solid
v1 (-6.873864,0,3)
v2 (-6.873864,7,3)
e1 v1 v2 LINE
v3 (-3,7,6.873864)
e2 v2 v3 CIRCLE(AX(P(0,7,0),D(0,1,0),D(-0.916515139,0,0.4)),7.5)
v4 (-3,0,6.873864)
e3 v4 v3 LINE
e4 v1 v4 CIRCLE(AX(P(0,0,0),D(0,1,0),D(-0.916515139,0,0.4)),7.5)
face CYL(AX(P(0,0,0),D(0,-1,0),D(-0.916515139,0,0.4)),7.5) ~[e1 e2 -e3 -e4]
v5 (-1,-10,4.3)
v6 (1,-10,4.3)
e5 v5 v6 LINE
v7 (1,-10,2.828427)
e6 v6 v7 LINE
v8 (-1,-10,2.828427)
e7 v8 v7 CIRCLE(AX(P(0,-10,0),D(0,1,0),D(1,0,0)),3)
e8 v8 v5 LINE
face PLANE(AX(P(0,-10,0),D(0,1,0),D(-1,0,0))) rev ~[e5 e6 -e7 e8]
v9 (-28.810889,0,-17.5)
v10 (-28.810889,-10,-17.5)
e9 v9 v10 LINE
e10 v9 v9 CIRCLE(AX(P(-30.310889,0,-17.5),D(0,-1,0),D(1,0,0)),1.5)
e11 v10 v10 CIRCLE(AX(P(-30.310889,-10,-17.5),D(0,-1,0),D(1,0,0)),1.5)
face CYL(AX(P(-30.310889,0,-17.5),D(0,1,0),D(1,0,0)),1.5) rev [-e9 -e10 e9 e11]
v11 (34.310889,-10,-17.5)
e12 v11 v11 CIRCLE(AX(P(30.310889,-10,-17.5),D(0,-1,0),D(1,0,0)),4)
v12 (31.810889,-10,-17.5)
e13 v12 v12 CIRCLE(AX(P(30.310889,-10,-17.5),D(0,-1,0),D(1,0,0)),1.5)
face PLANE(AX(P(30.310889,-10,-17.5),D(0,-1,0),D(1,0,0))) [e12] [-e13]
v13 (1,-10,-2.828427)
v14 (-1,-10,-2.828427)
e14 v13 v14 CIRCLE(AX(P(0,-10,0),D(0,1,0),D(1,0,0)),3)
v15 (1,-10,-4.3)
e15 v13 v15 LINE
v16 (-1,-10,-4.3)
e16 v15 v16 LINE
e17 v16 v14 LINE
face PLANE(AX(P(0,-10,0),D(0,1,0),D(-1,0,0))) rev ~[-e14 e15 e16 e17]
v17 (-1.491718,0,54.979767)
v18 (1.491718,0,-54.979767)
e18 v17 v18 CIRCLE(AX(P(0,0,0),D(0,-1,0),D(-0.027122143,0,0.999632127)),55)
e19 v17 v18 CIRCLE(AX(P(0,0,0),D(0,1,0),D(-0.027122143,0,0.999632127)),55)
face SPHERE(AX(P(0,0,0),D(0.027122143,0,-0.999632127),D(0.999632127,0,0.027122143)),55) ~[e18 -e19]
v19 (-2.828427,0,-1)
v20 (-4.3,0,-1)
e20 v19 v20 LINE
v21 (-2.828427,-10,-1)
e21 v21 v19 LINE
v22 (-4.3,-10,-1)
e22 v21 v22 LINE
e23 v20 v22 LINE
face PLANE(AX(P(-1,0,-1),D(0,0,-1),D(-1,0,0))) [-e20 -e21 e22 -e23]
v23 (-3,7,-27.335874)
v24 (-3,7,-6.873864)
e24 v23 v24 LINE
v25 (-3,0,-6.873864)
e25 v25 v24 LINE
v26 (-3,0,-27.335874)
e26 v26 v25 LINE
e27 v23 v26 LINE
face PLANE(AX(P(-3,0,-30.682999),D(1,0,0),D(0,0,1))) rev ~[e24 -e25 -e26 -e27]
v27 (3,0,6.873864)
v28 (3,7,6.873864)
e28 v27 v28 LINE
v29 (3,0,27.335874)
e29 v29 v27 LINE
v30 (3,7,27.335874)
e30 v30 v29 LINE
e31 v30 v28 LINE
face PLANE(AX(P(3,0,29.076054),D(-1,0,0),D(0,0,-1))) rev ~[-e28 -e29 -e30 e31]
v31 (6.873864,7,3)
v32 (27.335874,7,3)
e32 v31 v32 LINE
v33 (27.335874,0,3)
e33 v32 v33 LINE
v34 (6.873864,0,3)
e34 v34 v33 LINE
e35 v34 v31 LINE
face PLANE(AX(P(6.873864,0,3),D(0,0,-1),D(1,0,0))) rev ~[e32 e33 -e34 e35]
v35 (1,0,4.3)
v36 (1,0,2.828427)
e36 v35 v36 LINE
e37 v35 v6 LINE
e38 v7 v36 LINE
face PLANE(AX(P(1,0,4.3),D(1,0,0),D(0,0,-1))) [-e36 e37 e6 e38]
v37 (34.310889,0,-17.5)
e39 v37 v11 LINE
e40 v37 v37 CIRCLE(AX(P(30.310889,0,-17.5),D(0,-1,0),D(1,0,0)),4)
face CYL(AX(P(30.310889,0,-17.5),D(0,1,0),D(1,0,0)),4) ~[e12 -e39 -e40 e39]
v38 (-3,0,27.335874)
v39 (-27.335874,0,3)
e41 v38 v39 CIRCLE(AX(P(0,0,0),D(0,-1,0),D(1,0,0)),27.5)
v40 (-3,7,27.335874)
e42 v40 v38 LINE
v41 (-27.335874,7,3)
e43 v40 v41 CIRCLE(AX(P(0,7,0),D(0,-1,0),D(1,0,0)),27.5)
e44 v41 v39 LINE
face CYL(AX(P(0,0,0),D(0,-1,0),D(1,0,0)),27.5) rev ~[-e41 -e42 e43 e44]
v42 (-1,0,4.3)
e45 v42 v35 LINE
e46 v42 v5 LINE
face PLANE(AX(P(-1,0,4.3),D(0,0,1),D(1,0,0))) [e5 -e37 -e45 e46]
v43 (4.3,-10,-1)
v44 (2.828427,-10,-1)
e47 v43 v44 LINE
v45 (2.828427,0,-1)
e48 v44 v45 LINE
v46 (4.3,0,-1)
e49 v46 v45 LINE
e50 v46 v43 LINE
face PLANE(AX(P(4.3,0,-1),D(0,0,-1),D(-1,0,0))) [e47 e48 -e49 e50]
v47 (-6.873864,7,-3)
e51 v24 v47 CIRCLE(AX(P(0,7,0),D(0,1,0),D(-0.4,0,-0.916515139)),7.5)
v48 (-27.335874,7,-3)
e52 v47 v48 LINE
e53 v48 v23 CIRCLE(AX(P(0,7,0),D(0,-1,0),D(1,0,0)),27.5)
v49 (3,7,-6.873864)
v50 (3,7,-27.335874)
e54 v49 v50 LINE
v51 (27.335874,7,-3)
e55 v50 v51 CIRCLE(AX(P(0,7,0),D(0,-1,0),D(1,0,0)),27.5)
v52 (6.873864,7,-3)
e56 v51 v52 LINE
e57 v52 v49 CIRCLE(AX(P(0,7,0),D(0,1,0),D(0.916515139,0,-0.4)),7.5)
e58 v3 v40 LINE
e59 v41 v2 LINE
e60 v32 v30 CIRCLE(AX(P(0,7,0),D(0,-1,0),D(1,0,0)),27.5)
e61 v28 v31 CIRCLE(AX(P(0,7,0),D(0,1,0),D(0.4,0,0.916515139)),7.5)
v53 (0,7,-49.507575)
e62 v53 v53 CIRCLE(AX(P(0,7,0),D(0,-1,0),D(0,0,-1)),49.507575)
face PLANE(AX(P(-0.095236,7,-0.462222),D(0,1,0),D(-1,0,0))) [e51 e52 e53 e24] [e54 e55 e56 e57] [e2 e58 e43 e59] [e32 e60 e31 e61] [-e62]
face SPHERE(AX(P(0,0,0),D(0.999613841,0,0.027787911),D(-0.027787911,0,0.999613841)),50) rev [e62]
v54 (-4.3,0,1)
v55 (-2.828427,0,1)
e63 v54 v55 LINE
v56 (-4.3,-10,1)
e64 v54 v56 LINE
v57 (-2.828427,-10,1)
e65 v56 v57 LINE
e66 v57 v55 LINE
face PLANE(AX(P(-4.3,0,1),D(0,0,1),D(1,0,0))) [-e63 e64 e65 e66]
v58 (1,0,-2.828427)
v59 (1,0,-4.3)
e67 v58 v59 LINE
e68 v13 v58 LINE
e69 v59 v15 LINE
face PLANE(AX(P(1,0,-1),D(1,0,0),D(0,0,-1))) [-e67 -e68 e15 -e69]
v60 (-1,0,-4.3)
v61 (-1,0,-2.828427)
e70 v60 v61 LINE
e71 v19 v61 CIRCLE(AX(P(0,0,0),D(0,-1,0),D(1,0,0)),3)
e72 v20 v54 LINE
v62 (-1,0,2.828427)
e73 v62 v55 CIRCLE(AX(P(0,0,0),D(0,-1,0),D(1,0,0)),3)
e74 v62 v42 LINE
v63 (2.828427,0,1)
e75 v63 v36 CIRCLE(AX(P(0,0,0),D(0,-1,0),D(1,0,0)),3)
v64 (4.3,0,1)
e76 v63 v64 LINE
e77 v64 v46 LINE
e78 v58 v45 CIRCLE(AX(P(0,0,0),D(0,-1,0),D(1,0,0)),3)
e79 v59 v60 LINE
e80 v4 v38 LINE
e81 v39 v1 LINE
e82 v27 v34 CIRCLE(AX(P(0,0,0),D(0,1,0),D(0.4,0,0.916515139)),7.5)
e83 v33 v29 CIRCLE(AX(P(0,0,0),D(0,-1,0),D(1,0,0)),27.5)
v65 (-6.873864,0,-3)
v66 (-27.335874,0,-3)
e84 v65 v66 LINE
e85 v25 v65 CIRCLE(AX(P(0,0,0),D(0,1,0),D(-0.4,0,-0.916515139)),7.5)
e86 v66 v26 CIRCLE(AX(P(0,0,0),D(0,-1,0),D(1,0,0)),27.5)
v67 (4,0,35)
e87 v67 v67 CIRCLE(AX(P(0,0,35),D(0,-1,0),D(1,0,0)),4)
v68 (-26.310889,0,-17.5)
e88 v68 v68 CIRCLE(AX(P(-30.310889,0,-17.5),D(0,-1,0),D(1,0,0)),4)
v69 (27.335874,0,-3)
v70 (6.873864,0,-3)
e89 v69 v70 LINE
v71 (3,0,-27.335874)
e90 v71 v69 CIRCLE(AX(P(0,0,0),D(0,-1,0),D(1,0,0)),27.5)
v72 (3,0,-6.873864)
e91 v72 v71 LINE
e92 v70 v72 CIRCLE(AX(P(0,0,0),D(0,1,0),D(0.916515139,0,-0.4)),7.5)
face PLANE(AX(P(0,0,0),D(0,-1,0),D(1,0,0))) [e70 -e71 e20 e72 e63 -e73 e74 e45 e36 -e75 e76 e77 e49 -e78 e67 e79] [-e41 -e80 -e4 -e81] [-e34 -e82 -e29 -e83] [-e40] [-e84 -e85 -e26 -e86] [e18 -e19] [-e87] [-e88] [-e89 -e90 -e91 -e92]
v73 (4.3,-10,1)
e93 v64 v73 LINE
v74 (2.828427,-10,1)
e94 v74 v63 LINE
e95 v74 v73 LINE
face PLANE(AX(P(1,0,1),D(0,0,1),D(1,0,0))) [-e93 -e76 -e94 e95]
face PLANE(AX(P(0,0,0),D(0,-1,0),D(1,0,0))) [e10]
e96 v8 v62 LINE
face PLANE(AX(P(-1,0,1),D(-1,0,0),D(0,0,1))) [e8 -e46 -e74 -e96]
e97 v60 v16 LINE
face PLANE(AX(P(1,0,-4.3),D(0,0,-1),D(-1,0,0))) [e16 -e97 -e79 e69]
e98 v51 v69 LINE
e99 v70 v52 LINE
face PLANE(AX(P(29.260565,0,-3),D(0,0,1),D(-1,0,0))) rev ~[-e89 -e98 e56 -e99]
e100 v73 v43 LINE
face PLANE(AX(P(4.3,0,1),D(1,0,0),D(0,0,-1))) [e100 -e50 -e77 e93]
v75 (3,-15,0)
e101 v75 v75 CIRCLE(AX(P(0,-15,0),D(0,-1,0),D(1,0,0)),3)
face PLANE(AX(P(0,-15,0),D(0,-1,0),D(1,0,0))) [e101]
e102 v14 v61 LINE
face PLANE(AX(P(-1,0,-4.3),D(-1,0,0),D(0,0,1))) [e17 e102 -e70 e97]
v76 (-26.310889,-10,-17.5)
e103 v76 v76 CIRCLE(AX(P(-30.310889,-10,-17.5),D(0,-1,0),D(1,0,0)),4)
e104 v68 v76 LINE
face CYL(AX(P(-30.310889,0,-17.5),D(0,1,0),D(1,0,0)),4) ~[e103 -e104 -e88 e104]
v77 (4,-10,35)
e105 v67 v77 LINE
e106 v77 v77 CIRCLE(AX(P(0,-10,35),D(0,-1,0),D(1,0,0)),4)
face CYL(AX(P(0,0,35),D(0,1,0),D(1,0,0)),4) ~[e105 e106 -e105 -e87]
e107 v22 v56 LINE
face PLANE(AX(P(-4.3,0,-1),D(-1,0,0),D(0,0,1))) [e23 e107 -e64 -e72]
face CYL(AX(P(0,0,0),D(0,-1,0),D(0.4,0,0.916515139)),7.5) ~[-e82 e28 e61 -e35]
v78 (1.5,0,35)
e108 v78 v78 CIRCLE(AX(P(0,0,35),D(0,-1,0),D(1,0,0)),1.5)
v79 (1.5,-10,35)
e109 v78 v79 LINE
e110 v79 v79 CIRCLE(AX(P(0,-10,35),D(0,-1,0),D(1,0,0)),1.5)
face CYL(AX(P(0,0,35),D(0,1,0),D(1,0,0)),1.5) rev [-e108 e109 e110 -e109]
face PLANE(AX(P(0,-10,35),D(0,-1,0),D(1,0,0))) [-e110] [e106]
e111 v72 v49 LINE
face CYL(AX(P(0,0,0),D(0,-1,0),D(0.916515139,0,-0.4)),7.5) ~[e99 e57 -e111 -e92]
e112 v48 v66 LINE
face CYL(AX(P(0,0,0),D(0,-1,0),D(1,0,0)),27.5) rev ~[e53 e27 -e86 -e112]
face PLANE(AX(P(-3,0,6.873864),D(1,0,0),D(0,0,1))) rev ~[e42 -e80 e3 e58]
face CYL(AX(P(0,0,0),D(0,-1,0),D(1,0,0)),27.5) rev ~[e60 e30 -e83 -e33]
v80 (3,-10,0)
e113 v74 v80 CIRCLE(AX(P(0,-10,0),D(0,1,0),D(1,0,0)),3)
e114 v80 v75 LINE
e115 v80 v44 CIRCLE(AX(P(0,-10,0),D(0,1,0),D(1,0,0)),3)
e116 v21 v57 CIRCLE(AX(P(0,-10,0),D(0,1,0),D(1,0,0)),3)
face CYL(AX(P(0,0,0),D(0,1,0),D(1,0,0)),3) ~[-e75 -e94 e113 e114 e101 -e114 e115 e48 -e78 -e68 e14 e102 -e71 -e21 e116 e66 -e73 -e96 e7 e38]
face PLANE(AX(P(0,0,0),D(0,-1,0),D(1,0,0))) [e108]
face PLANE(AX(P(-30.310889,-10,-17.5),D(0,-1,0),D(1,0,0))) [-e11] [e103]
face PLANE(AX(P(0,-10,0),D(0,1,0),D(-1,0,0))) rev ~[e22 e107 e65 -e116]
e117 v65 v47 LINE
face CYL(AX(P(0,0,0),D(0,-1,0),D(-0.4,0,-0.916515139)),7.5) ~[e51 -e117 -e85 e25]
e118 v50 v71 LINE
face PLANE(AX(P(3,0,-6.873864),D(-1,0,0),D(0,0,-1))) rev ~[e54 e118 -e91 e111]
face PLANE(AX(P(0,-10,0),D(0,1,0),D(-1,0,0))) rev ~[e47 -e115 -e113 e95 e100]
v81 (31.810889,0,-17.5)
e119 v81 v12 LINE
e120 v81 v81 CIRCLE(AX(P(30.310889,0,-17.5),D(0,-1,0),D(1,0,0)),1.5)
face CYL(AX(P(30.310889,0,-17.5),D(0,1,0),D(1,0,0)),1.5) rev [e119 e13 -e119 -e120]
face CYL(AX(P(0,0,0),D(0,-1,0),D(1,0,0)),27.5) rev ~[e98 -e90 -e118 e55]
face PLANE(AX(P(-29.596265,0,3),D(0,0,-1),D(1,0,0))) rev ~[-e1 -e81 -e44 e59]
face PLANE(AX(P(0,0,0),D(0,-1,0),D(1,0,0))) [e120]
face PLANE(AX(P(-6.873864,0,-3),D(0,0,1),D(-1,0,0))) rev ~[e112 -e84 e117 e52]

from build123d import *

# Parameters (mm, degrees)
REVOLVE1_ANGLE      = 180
SKETCH4_R           = 50
BOSS_EXTRUDE1_DEPTH = 7
SKETCH5_R           = 4
SKETCH5_R_2         = 1.5
BOSS_EXTRUDE2_DEPTH = 10
SKETCH6_R           = 27.5
CUT_EXTRUDE1_DEPTH  = 10
BOSS_EXTRUDE3_DEPTH = 7
SKETCH8_R           = 3
BOSS_EXTRUDE4_DEPTH = 15
BOSS_EXTRUDE5_DEPTH = 10


with BuildPart() as part:
    # Sketch1 → Revolve1 (revolve)
    with BuildSketch(Plane(origin=(0, 0, 0), x_dir=(1, 0, 0), z_dir=(0, 1, 0))):
        with BuildLine():
            Line((1.491717845, 54.979766986), (-1.491717845, -54.979766986))
            ThreePointArc((-1.491717845, -54.979766986), (54.979766986, -1.491717845), (1.491717845, 54.979766986))
        make_face()
    revolve(axis=Axis((1.491717845, 0, -54.979766986), (-0.027122143, 0, 0.999632127)), revolution_arc=REVOLVE1_ANGLE)

    # Sketch2 → Cut-Revolve1 (revolve, cut)
    with BuildSketch(Plane.XZ):
        with BuildLine():
            Line((49.980692072, 1.389395568), (-49.980692072, -1.389395568))
            ThreePointArc((-49.980692072, -1.389395568), (-1.389395568, 49.980692072), (49.980692072, 1.389395568))
        make_face()
    revolve(axis=Axis((49.980692072, 0, 1.389395568), (-0.999613841, 0, -0.027787911)), mode=Mode.SUBTRACT)

    # Sketch4 → Boss-Extrude1 (add)
    with BuildSketch(Plane.XZ):
        Circle(SKETCH4_R)
    extrude(amount=-BOSS_EXTRUDE1_DEPTH)

    # Sketch5 → Boss-Extrude2 (add)
    with BuildSketch(Plane.XZ):
        with Locations((0, 35)):
            Circle(SKETCH5_R)
        with Locations((0, 35)):
            Circle(SKETCH5_R_2, mode=Mode.SUBTRACT)
        with Locations((30.310889132, -17.5)):
            Circle(SKETCH5_R)
        with Locations((30.310889132, -17.5)):
            Circle(SKETCH5_R_2, mode=Mode.SUBTRACT)
        with Locations((-30.310889132, -17.5)):
            Circle(SKETCH5_R)
        with Locations((-30.310889132, -17.5)):
            Circle(SKETCH5_R_2, mode=Mode.SUBTRACT)
    extrude(amount=BOSS_EXTRUDE2_DEPTH)

    # Sketch6 → Cut-Extrude1 (cut)
    with BuildSketch(Plane.XZ):
        Circle(SKETCH6_R)
    extrude(amount=-CUT_EXTRUDE1_DEPTH, mode=Mode.SUBTRACT)

    # Sketch7 → Boss-Extrude3 (add)
    with BuildSketch(Plane.XZ):
        with BuildLine():
            Line((-29.59626463, 3), (-6.873863542, 3))
            ThreePointArc((-6.873863542, 3), (-5.303300859, 5.303300859), (-3, 6.873863542))
            Line((-3, 6.873863542), (-3, 29.076054117))
            Line((-3, 29.076054117), (3, 29.076054117))
            Line((3, 29.076054117), (3, 6.873863542))
            ThreePointArc((3, 6.873863542), (5.303300859, 5.303300859), (6.873863542, 3))
            Line((6.873863542, 3), (29.260564873, 3))
            Line((29.260564873, 3), (29.260564873, -3))
            Line((29.260564873, -3), (6.873863542, -3))
            ThreePointArc((6.873863542, -3), (5.303300859, -5.303300859), (3, -6.873863542))
            Line((3, -6.873863542), (3, -30.682999102))
            Line((3, -30.682999102), (-3, -30.682999102))
            Line((-3, -30.682999102), (-3, -6.873863542))
            ThreePointArc((-3, -6.873863542), (-5.303300859, -5.303300859), (-6.873863542, -3))
            Line((-6.873863542, -3), (-29.59626463, -3))
            Line((-29.59626463, -3), (-29.59626463, 3))
        make_face()
    extrude(amount=-BOSS_EXTRUDE3_DEPTH)

    # Sketch8 → Boss-Extrude4 (add)
    with BuildSketch(Plane.XZ):
        Circle(SKETCH8_R)
    extrude(amount=BOSS_EXTRUDE4_DEPTH)

    # Sketch9 → Boss-Extrude5 (add)
    with BuildSketch(Plane.XZ):
        Polygon((1, 1), (4.3, 1), (4.3, -1), (1, -1), (1, -4.3), (-1, -4.3), (-1, -1), (-4.3, -1), (-4.3, 1), (-1, 1), (-1, 4.3), (1, 4.3), align=None)
    extrude(amount=BOSS_EXTRUDE5_DEPTH)


solid = part.part
